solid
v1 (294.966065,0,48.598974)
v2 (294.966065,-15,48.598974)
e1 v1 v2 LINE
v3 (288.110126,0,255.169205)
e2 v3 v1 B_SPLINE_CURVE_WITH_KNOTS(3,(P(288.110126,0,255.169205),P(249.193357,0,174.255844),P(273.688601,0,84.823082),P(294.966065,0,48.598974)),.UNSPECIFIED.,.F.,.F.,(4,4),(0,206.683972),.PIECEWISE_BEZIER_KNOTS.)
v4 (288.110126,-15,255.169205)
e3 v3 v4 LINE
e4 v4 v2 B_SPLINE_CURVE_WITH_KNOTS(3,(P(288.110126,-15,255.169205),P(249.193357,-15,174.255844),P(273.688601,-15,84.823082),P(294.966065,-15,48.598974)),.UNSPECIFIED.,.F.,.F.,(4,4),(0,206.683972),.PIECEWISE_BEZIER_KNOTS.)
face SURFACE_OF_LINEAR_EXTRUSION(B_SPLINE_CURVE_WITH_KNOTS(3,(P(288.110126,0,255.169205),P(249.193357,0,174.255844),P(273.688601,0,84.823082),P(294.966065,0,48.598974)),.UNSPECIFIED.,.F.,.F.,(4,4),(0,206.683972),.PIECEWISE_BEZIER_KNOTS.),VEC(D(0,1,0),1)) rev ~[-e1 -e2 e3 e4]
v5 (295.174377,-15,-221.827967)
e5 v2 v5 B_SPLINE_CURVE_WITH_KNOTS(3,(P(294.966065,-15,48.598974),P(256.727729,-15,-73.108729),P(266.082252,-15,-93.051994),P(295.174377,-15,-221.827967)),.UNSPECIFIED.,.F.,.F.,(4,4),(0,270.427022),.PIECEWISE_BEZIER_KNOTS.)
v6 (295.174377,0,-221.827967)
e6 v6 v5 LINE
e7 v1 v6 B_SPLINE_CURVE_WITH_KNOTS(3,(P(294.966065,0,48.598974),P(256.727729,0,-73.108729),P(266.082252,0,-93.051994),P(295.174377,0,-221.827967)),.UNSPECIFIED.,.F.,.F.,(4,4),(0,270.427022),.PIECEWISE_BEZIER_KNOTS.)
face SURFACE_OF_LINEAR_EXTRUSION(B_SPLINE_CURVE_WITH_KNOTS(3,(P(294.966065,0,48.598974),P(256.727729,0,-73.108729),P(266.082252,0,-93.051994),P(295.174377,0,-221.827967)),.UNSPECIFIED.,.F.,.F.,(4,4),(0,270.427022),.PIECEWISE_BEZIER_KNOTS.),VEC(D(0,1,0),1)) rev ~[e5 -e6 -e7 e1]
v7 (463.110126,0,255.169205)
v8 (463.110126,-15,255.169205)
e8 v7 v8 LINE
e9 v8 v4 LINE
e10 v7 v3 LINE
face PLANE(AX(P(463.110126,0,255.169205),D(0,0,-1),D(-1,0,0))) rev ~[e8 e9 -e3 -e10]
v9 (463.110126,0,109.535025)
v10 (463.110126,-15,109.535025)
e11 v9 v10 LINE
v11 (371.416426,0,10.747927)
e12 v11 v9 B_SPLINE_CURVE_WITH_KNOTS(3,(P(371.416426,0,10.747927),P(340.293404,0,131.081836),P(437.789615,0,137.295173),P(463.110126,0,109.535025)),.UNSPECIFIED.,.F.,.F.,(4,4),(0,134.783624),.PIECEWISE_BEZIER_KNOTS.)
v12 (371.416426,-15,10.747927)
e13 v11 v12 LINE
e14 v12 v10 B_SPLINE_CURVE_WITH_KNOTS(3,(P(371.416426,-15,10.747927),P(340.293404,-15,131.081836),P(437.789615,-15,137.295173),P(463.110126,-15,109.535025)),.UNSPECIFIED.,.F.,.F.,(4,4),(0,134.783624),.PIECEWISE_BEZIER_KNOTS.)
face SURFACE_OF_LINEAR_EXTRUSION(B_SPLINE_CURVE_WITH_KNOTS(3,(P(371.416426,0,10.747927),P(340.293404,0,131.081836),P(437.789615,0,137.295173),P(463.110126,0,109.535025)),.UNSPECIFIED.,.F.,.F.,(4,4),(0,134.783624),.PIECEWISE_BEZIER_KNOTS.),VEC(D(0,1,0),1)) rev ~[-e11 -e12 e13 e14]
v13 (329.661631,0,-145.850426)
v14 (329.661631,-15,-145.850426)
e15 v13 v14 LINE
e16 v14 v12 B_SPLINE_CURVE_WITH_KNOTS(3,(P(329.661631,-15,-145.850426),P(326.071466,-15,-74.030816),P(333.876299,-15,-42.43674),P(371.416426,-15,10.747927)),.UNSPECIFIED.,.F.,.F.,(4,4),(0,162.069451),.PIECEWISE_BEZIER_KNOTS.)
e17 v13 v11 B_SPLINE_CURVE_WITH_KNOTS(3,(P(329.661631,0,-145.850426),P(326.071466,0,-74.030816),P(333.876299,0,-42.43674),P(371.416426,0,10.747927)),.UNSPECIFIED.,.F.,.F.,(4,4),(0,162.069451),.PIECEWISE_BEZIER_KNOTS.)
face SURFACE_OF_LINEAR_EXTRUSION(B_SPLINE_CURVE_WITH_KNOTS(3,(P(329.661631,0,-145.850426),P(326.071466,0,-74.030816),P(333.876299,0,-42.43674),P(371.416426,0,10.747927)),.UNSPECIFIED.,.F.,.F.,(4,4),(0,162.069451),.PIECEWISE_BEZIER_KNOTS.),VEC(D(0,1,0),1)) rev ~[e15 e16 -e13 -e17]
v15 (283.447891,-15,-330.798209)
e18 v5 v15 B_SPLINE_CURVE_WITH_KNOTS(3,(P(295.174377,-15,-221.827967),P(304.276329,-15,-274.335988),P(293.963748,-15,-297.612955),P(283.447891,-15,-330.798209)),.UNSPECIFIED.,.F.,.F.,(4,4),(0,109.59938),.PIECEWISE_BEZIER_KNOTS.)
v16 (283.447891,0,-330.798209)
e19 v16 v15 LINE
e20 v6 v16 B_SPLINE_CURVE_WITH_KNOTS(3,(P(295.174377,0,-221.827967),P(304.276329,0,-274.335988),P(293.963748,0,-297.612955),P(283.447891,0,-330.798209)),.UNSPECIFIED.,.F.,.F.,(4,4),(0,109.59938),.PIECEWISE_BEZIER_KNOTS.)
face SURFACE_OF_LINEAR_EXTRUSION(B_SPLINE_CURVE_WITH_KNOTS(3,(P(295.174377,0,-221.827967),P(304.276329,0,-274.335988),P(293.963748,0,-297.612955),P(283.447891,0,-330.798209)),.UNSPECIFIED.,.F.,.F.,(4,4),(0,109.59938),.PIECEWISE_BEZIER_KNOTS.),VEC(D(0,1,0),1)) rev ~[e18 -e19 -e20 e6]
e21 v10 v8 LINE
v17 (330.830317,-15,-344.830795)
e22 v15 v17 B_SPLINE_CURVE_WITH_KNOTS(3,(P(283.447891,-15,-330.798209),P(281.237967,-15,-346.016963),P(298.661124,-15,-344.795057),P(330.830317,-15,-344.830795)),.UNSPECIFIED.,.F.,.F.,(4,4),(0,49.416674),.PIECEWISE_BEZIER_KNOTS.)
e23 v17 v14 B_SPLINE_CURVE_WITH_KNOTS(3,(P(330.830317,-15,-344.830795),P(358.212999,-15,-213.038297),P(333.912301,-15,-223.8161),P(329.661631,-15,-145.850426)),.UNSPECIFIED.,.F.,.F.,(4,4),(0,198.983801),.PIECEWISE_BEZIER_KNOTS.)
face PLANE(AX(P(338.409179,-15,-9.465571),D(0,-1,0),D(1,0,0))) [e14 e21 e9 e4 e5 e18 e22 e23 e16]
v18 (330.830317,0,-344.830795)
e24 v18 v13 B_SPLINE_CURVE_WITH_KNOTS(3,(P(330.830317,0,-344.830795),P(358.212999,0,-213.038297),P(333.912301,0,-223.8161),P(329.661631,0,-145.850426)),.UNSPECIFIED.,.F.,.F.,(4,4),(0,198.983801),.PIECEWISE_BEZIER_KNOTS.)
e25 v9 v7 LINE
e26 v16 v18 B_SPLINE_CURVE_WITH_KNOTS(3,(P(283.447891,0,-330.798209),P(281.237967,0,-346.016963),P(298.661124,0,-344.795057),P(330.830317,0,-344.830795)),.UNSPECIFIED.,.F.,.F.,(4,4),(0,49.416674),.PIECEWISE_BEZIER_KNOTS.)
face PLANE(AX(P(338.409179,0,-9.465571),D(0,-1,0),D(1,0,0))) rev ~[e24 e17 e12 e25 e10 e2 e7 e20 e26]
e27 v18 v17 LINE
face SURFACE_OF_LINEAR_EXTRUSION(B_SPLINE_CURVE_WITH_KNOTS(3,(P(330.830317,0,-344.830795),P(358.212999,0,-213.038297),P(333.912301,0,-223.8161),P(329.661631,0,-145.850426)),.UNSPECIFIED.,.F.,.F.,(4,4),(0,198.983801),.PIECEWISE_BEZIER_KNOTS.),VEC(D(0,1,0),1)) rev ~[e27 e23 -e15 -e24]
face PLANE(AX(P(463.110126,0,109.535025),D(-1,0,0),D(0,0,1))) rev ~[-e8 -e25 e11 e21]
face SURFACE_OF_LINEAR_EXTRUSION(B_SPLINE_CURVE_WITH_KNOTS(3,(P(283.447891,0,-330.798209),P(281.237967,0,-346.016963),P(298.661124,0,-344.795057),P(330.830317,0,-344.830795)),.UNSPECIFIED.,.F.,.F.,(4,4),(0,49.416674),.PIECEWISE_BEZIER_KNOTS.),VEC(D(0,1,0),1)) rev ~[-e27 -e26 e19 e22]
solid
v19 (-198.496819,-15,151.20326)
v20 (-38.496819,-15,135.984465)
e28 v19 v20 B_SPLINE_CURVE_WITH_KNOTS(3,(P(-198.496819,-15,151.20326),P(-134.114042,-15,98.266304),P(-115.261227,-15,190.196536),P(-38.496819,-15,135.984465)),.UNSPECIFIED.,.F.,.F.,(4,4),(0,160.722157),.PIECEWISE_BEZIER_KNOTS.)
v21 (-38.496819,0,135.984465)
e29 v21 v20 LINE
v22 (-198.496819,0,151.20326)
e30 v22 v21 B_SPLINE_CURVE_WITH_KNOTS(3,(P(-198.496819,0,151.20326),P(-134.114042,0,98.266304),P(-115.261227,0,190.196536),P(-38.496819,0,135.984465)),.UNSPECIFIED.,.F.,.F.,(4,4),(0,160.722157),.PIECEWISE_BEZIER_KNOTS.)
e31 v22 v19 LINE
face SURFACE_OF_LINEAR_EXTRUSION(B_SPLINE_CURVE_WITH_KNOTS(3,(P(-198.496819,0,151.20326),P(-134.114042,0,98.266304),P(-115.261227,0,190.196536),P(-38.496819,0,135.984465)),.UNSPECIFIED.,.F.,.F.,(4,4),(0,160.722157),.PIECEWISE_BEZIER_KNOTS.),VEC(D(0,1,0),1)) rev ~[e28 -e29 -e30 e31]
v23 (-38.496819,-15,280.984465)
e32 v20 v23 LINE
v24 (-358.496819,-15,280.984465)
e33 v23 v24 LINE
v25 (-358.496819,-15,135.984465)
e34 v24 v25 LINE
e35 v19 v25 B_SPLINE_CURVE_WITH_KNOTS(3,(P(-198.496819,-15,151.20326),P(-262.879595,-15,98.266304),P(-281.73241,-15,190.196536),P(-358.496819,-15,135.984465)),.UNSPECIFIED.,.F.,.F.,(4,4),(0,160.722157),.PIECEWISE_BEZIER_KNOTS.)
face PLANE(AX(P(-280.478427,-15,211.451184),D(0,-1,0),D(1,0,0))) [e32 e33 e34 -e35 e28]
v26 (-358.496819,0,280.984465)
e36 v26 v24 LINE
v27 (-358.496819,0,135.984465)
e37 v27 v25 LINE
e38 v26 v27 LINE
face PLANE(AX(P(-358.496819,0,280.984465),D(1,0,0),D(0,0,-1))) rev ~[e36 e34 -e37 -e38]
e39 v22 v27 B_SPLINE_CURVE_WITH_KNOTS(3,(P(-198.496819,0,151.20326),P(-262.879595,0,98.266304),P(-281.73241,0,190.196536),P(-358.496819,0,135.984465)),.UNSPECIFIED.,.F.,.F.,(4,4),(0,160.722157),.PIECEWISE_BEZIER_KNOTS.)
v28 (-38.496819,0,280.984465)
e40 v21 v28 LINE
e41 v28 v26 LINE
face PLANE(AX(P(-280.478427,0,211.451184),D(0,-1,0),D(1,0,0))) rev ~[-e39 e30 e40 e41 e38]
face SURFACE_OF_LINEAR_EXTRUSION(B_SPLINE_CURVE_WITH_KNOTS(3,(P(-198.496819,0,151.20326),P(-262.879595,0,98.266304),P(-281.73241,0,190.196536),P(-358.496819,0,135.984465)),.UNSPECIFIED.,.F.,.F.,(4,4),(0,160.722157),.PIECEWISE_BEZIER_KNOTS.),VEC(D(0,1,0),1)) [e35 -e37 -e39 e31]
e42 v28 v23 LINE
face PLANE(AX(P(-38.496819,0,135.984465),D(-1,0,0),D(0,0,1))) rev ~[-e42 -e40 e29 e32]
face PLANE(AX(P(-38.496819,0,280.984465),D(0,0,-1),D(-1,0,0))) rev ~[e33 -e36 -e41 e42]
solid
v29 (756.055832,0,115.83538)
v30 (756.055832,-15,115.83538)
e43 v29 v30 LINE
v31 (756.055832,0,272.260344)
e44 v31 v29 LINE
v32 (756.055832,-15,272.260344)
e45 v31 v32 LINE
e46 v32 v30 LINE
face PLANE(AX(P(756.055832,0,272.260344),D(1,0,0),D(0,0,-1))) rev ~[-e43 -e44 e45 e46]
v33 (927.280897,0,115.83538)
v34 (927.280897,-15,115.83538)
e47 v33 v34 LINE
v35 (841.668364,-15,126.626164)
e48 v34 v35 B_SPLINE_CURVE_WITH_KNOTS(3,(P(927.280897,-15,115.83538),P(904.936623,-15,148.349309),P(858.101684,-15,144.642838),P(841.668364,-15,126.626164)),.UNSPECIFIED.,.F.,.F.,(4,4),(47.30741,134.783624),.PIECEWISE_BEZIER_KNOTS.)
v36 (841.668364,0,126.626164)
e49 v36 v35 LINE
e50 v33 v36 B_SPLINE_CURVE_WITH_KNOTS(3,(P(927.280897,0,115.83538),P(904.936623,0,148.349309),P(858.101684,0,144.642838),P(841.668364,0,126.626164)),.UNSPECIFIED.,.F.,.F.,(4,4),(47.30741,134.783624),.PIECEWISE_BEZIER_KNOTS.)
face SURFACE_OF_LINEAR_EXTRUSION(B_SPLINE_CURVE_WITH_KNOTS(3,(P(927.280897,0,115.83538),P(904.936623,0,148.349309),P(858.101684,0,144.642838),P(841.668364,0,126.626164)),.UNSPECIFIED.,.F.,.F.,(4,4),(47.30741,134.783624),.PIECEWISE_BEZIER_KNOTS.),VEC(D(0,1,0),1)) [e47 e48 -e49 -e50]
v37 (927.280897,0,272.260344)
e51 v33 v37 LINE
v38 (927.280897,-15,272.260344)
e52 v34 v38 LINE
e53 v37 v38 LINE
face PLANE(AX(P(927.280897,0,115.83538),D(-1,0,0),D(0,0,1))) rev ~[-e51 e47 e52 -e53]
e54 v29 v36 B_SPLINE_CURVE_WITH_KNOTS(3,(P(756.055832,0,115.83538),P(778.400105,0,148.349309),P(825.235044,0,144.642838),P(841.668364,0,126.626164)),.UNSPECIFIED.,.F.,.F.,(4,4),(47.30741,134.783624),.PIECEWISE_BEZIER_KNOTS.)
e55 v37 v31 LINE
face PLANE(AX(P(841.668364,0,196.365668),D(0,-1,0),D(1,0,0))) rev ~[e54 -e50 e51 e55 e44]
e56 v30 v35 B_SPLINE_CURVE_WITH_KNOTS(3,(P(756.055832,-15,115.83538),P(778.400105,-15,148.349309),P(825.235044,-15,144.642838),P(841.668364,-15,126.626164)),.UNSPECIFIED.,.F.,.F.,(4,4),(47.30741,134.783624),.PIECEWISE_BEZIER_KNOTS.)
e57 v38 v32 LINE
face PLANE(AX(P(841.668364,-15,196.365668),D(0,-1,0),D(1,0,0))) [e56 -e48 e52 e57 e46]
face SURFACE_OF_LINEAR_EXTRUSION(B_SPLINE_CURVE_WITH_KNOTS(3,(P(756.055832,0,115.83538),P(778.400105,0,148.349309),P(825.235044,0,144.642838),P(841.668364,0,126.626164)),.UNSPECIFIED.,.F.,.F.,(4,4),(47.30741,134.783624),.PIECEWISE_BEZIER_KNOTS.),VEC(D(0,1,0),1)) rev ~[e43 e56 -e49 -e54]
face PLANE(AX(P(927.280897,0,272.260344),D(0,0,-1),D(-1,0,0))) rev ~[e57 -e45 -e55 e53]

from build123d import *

# Parameters (mm, degrees)
F1_DEPTH = 15
F2_DEPTH = 15
F3_DEPTH = 15


with BuildPart() as f1:
    # F0 (on Front) → F1 (new body)
    with BuildSketch(Plane.XZ):
        with BuildLine():
            Line((463.110126, 255.169205), (288.110126, 255.169205))
            add(Edge.make_bspline(
                [(288.110126, 255.169205), (249.193357, 174.255844), (273.688601, 84.823082), (294.966065, 48.598974)],
                knots=[0, 0, 0, 0, 206.683972, 206.683972, 206.683972, 206.683972], degree=3))
            add(Edge.make_bspline(
                [(294.966065, 48.598974), (256.727729, -73.108729), (266.082252, -93.051994), (295.174377, -221.827967)],
                knots=[0, 0, 0, 0, 270.427022, 270.427022, 270.427022, 270.427022], degree=3))
            add(Edge.make_bspline(
                [(295.174377, -221.827967), (304.276329, -274.335988), (293.963748, -297.612955), (283.447891, -330.798209)],
                knots=[0, 0, 0, 0, 109.59938, 109.59938, 109.59938, 109.59938], degree=3))
            add(Edge.make_bspline(
                [(283.447891, -330.798209), (281.237967, -346.016963), (298.661124, -344.795057), (330.830317, -344.830795)],
                knots=[0, 0, 0, 0, 49.416674, 49.416674, 49.416674, 49.416674], degree=3))
            add(Edge.make_bspline(
                [(330.830317, -344.830795), (358.212999, -213.038297), (333.912301, -223.8161), (329.661631, -145.850426)],
                knots=[0, 0, 0, 0, 198.983801, 198.983801, 198.983801, 198.983801], degree=3))
            add(Edge.make_bspline(
                [(329.661631, -145.850426), (326.071466, -74.030816), (333.876299, -42.43674), (371.416426, 10.747927)],
                knots=[0, 0, 0, 0, 162.069451, 162.069451, 162.069451, 162.069451], degree=3))
            add(Edge.make_bspline(
                [(371.416426, 10.747927), (340.293404, 131.081836), (437.789615, 137.295173), (463.110126, 109.535025)],
                knots=[0, 0, 0, 0, 134.783624, 134.783624, 134.783624, 134.783624], degree=3))
            Line((463.110126, 109.535025), (463.110126, 255.169205))
        make_face()
    extrude(amount=F1_DEPTH)


with BuildPart() as f2:
    # F0 (on Front) → F2 (new body)
    with BuildSketch(Plane.XZ):
        with BuildLine():
            Line((927.280897, 272.260344), (756.055832, 272.260344))
            Line((756.055832, 272.260344), (756.055832, 115.83538))
            add(Edge.make_bspline(
                [(756.055832, 115.83538), (778.400105, 148.349309), (825.235044, 144.642838), (841.668364, 126.626164)],
                knots=[47.30741, 47.30741, 47.30741, 47.30741, 134.783624, 134.783624, 134.783624, 134.783624], degree=3))
            add(Edge.make_bspline(
                [(927.280897, 115.83538), (904.936623, 148.349309), (858.101684, 144.642838), (841.668364, 126.626164)],
                knots=[47.30741, 47.30741, 47.30741, 47.30741, 134.783624, 134.783624, 134.783624, 134.783624], degree=3))
            Line((927.280897, 115.83538), (927.280897, 272.260344))
        make_face()
    extrude(amount=F2_DEPTH)


with BuildPart() as f3:
    # F0 (on Front) → F3 (new body)
    with BuildSketch(Plane.XZ):
        with BuildLine():
            Line((-198.496819, 151.20326), (-198.496819, 280.984465))
            Line((-198.496819, 280.984465), (-358.496819, 280.984465))
            Line((-358.496819, 280.984465), (-358.496819, 135.984465))
            add(Edge.make_bspline(
                [(-198.496819, 151.20326), (-262.879595, 98.266304), (-281.73241, 190.196536), (-358.496819, 135.984465)],
                knots=[0, 0, 0, 0, 160.722157, 160.722157, 160.722157, 160.722157], degree=3))
        make_face()
        with BuildLine():
            Line((-38.496819, 135.984465), (-38.496819, 280.984465))
            Line((-38.496819, 280.984465), (-198.496819, 280.984465))
            Line((-198.496819, 280.984465), (-198.496819, 151.20326))
            add(Edge.make_bspline(
                [(-198.496819, 151.20326), (-134.114042, 98.266304), (-115.261227, 190.196536), (-38.496819, 135.984465)],
                knots=[0, 0, 0, 0, 160.722157, 160.722157, 160.722157, 160.722157], degree=3))
        make_face()
    extrude(amount=F3_DEPTH)


solid = Compound([f1.part, f2.part, f3.part])
